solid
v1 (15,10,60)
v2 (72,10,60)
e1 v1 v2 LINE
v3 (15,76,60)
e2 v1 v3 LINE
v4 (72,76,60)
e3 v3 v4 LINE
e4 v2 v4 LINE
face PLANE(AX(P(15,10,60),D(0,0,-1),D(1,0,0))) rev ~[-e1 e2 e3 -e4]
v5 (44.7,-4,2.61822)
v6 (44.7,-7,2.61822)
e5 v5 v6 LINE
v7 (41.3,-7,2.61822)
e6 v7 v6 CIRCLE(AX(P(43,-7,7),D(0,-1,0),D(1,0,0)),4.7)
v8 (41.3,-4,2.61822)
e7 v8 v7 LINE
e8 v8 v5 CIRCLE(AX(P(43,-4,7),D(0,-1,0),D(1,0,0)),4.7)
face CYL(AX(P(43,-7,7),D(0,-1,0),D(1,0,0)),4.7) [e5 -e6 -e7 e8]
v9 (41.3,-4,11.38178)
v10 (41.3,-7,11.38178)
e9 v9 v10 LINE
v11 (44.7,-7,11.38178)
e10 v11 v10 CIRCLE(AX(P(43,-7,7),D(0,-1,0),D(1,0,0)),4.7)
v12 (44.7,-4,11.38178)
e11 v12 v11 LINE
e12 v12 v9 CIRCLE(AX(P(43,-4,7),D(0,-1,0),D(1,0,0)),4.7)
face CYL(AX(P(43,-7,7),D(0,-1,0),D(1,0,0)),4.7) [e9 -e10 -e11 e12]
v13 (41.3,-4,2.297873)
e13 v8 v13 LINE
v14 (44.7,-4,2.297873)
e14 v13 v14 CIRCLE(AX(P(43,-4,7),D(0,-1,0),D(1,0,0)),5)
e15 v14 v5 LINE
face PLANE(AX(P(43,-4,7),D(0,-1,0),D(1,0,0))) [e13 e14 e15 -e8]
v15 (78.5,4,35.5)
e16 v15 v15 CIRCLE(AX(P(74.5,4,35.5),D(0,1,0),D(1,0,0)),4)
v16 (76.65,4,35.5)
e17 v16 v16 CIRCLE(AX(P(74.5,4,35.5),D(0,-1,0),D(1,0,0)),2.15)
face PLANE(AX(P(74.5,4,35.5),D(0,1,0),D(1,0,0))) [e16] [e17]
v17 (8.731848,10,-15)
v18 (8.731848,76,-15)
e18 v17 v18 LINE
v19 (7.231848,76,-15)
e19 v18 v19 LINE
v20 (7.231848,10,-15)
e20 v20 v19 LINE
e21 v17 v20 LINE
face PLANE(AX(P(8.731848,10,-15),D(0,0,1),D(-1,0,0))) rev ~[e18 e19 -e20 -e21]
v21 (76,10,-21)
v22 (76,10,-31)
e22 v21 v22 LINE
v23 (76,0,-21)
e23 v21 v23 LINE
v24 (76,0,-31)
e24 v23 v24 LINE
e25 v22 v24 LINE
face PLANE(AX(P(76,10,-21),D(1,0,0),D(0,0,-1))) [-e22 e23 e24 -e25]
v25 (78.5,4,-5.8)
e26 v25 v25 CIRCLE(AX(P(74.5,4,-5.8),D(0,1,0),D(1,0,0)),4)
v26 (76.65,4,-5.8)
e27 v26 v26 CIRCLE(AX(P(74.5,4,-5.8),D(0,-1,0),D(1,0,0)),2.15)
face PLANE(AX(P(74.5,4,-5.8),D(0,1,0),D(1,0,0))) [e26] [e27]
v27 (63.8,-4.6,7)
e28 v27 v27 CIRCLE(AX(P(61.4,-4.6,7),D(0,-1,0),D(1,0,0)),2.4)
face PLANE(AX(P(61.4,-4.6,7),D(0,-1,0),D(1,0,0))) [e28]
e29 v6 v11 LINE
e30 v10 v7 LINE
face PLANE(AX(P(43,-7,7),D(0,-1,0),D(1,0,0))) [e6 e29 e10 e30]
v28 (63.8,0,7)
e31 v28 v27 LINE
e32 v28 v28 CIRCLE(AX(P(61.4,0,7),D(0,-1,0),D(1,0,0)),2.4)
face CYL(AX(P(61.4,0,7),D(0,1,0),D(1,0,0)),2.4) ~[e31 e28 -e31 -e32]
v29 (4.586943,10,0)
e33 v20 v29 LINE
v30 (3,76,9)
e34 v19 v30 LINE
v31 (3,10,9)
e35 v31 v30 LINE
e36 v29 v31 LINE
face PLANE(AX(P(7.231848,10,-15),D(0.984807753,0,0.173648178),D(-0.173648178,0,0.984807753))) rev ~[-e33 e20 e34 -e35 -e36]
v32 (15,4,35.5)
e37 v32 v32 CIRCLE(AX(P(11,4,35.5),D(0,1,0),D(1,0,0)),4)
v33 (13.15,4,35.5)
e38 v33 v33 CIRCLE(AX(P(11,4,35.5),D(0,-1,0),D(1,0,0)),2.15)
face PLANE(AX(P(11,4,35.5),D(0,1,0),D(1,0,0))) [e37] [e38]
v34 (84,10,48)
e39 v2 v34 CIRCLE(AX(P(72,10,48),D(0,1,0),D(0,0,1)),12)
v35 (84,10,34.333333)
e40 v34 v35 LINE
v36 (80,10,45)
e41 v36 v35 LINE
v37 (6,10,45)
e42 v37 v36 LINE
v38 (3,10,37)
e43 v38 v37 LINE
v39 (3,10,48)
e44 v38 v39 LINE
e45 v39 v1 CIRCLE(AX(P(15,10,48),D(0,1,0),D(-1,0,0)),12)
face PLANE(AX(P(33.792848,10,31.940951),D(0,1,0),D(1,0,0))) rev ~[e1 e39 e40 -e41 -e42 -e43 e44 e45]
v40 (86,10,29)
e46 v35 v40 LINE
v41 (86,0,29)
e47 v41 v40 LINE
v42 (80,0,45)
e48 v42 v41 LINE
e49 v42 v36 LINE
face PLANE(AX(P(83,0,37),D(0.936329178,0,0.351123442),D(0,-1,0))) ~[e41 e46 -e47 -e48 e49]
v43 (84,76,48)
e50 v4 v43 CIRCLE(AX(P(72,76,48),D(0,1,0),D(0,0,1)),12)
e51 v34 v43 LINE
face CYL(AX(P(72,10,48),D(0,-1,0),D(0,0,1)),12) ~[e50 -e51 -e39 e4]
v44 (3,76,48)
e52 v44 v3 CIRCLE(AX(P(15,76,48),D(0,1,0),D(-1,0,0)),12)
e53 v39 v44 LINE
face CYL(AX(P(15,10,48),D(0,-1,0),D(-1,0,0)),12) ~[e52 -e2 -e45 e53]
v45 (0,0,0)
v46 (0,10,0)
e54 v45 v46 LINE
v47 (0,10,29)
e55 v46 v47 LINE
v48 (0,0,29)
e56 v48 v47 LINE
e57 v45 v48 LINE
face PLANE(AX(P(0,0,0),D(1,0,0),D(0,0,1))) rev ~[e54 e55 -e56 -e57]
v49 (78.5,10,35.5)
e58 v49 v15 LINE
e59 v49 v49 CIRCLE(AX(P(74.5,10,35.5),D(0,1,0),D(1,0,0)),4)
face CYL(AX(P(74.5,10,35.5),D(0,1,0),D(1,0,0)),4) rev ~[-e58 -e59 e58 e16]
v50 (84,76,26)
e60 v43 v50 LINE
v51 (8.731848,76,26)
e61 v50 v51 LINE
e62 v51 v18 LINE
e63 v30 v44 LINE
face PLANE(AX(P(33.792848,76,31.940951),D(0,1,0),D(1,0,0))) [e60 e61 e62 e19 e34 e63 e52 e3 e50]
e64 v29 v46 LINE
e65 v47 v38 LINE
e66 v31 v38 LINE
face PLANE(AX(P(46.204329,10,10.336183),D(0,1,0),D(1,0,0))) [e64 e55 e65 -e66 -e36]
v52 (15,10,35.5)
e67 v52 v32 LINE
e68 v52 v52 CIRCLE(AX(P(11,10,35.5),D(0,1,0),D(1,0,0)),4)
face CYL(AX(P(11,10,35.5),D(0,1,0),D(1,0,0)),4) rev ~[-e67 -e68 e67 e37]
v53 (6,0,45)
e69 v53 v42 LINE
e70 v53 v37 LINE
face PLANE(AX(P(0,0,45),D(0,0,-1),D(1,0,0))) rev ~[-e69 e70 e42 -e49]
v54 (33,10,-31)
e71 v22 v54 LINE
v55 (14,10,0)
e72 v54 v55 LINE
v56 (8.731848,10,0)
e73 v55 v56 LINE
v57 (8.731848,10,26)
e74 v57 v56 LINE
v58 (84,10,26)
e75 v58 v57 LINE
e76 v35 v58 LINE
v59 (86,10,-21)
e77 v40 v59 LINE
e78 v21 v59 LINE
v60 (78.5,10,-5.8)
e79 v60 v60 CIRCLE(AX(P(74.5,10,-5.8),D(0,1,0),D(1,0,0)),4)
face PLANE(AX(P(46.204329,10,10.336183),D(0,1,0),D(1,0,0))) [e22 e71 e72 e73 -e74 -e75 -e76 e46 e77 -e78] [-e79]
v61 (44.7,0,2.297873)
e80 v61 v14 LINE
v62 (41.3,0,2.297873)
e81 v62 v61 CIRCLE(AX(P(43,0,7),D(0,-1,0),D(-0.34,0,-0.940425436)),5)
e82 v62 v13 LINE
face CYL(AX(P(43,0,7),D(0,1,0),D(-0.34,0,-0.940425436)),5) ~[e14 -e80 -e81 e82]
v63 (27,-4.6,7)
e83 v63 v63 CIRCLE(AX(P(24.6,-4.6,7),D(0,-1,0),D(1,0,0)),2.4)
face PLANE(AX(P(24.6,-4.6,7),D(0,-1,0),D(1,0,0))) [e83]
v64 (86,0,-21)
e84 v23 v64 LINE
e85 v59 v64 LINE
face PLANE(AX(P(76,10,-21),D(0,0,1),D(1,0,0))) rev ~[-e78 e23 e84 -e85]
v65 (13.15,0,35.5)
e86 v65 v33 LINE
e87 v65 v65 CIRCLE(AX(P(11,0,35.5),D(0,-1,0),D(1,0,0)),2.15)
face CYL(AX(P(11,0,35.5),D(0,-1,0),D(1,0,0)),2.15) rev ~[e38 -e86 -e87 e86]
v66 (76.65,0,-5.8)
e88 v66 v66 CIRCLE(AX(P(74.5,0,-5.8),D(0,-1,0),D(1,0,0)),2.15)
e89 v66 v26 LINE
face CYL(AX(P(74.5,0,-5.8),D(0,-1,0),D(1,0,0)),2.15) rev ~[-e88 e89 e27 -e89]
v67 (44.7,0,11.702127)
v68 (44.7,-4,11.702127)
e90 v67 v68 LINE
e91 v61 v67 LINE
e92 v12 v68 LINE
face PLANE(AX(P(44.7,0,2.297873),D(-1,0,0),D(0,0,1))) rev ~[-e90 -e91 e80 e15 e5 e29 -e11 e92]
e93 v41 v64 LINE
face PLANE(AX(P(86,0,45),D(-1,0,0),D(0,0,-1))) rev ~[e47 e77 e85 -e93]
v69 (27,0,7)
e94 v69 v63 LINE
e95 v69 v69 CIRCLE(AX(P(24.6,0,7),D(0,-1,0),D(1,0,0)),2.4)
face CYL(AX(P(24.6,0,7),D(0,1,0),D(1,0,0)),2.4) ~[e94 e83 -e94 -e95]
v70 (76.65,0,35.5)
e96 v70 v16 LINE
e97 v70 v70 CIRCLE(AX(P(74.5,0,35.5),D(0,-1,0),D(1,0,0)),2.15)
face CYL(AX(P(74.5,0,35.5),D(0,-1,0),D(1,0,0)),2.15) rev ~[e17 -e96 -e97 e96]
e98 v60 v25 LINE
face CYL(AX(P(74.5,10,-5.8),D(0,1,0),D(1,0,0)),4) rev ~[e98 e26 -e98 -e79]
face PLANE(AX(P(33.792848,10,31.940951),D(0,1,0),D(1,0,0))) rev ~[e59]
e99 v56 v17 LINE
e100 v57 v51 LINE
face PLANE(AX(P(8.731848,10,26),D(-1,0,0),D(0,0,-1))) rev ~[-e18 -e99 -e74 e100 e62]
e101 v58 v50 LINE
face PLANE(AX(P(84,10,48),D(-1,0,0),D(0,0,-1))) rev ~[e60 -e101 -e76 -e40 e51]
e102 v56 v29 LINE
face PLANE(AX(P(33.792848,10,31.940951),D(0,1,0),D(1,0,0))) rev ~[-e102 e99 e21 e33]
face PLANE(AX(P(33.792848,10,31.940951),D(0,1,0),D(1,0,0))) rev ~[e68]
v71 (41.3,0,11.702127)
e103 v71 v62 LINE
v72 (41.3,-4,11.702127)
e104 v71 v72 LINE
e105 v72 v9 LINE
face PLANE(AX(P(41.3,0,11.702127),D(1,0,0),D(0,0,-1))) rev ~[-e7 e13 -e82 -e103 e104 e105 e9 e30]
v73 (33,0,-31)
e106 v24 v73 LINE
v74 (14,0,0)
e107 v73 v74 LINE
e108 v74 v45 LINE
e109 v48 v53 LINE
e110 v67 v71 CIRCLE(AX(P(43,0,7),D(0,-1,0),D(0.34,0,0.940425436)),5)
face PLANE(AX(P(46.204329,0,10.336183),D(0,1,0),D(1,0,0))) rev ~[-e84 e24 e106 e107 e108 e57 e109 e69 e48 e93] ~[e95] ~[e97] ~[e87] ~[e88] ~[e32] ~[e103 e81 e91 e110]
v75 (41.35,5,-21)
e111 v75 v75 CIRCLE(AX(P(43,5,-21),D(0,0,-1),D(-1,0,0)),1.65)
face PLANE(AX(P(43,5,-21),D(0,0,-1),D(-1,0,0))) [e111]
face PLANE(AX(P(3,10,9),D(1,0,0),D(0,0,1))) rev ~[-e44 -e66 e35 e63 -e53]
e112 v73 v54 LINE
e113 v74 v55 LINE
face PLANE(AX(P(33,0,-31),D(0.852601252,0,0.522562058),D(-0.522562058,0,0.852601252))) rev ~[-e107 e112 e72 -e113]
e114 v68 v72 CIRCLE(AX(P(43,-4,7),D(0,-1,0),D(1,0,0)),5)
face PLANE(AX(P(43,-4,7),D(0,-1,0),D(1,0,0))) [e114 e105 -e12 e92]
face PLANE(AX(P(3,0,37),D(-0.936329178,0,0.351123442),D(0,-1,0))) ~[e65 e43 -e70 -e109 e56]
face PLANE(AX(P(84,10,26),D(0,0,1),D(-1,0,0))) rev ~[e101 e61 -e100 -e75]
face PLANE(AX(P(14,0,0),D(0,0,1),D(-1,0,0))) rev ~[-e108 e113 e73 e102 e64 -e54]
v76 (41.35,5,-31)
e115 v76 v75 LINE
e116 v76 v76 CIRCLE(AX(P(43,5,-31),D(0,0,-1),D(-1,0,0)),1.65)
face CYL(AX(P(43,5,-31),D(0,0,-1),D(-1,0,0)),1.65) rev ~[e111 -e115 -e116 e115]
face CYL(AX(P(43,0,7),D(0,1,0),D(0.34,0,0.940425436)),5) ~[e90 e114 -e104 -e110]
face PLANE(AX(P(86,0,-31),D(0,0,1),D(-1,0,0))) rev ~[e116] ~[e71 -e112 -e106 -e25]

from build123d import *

# Parameters (mm, degrees)
BOSS_EXTRUDE1_DEPTH = 10
CHAMFER1_SIZE       = 6
CHAMFER1_SIZE2      = 16
CHAMFER2_SIZE       = 16
CHAMFER2_SIZE2      = 6
SKETCH2_W           = 10
SKETCH2_H           = 10
CUT_EXTRUDE1_DEPTH  = 10
BOSS_EXTRUDE2_DEPTH = 7
SKETCH4_R           = 5
SKETCH4_R_2         = 4.7
CUT_EXTRUDE2_DEPTH  = 3
SKETCH5_R           = 2.15
CUT_EXTRUDE3_DEPTH  = 11
SKETCH6_R           = 4
CUT_EXTRUDE4_DEPTH  = 6
SKETCH7_R           = 2.4
BOSS_EXTRUDE3_DEPTH = 4.6
SKETCH8_R           = 1.65
CUT_EXTRUDE5_DEPTH  = 10
BOSS_EXTRUDE4_DEPTH = 66


with BuildPart() as part:
    # Sketch1 → Boss-Extrude1 (new body)
    with BuildSketch(Plane(origin=(0, 0, 0), x_dir=(1, 0, 0), z_dir=(0, 1, 0))):
        Polygon((0, 0), (0, -45), (86, -45), (86, 31), (33, 31), (14, 0), align=None)
    extrude(amount=BOSS_EXTRUDE1_DEPTH)

    # Chamfer1
    chamfer1_edges = [part.edges().sort_by_distance(p)[0] for p in [
        (86, 5, 45),
    ]]
    chamfer1_side = [part.faces().sort_by_distance(p)[0] for p in [
        (43, 5, 45),
    ]]
    chamfer(chamfer1_edges, length=CHAMFER1_SIZE, length2=CHAMFER1_SIZE2, reference=chamfer1_side[0])

    # Chamfer2
    chamfer2_edges = [part.edges().sort_by_distance(p)[0] for p in [
        (0, 5, 45),
    ]]
    chamfer2_side = [part.faces().sort_by_distance(p)[0] for p in [
        (0, 5, 22.5),
    ]]
    chamfer(chamfer2_edges, length=CHAMFER2_SIZE, length2=CHAMFER2_SIZE2, reference=chamfer2_side[0])

    # Sketch2 → Cut-Extrude1 (cut)
    with BuildSketch(Plane(origin=(0, 10, 0), x_dir=(1, 0, 0), z_dir=(0, 1, 0))):
        with Locations((81, 26)):
            Rectangle(SKETCH2_W, SKETCH2_H)
    extrude(amount=-CUT_EXTRUDE1_DEPTH, mode=Mode.SUBTRACT)

    # Sketch3 → Boss-Extrude2 (add)
    with BuildSketch(Plane.XZ):
        with BuildLine():
            Line((44.7, 2.297872822), (44.7, 11.702127178))
            ThreePointArc((44.7, 11.702127178), (43, 12), (41.3, 11.702127178))
            Line((41.3, 11.702127178), (41.3, 2.297872822))
            ThreePointArc((41.3, 2.297872822), (43, 2), (44.7, 2.297872822))
        make_face()
    extrude(amount=BOSS_EXTRUDE2_DEPTH)

    # Sketch4 → Cut-Extrude2 (cut)
    with BuildSketch(Plane.XZ.offset(7)):
        with Locations((43, 7)):
            Circle(SKETCH4_R)
        with Locations((43, 7)):
            Circle(SKETCH4_R_2, mode=Mode.SUBTRACT)
    extrude(amount=-CUT_EXTRUDE2_DEPTH, mode=Mode.SUBTRACT)

    # Sketch5 → Cut-Extrude3 (cut, through all)
    with BuildSketch(Plane.XZ):
        with Locations((74.5, 35.5)):
            Circle(SKETCH5_R)
        with Locations((11, 35.5)):
            Circle(SKETCH5_R)
        with Locations((74.5, -5.8)):
            Circle(SKETCH5_R)
    extrude(amount=-CUT_EXTRUDE3_DEPTH, mode=Mode.SUBTRACT)

    # Sketch6 → Cut-Extrude4 (cut)
    with BuildSketch(Plane(origin=(0, 10, 0), x_dir=(1, 0, 0), z_dir=(0, 1, 0))):
        with Locations((74.5, 5.8)):
            Circle(SKETCH6_R)
        with Locations((74.5, -35.5)):
            Circle(SKETCH6_R)
        with Locations((11, -35.5)):
            Circle(SKETCH6_R)
    extrude(amount=-CUT_EXTRUDE4_DEPTH, mode=Mode.SUBTRACT)

    # Sketch7 → Boss-Extrude3 (add)
    with BuildSketch(Plane.XZ):
        with Locations((61.4, 7)):
            Circle(SKETCH7_R)
        with Locations((24.6, 7)):
            Circle(SKETCH7_R)
    extrude(amount=BOSS_EXTRUDE3_DEPTH)

    # Sketch8 → Cut-Extrude5 (cut)
    with BuildSketch(Plane(origin=(0, 0, -31), x_dir=(-1, 0, 0), z_dir=(0, 0, -1))):
        with Locations((-43, 5)):
            Circle(SKETCH8_R)
    extrude(amount=-CUT_EXTRUDE5_DEPTH, mode=Mode.SUBTRACT)

    # Sketch10 → Boss-Extrude4 (add)
    with BuildSketch(Plane(origin=(0, 10, 0), x_dir=(1, 0, 0), z_dir=(0, 1, 0))):
        with BuildLine():
            Line((15, -60), (72, -60))
            ThreePointArc((72, -60), (80.485281374, -56.485281374), (84, -48))
            Line((84, -48), (84, -26))
            Line((84, -26), (8.731847537, -26))
            Line((8.731847537, -26), (8.731847537, 15))
            Line((8.731847537, 15), (7.231847537, 15))
            Line((7.231847537, 15), (3, -9))
            Line((3, -9), (3, -48))
            ThreePointArc((3, -48), (6.514718626, -56.485281374), (15, -60))
        make_face()
    extrude(amount=BOSS_EXTRUDE4_DEPTH)


solid = part.part
